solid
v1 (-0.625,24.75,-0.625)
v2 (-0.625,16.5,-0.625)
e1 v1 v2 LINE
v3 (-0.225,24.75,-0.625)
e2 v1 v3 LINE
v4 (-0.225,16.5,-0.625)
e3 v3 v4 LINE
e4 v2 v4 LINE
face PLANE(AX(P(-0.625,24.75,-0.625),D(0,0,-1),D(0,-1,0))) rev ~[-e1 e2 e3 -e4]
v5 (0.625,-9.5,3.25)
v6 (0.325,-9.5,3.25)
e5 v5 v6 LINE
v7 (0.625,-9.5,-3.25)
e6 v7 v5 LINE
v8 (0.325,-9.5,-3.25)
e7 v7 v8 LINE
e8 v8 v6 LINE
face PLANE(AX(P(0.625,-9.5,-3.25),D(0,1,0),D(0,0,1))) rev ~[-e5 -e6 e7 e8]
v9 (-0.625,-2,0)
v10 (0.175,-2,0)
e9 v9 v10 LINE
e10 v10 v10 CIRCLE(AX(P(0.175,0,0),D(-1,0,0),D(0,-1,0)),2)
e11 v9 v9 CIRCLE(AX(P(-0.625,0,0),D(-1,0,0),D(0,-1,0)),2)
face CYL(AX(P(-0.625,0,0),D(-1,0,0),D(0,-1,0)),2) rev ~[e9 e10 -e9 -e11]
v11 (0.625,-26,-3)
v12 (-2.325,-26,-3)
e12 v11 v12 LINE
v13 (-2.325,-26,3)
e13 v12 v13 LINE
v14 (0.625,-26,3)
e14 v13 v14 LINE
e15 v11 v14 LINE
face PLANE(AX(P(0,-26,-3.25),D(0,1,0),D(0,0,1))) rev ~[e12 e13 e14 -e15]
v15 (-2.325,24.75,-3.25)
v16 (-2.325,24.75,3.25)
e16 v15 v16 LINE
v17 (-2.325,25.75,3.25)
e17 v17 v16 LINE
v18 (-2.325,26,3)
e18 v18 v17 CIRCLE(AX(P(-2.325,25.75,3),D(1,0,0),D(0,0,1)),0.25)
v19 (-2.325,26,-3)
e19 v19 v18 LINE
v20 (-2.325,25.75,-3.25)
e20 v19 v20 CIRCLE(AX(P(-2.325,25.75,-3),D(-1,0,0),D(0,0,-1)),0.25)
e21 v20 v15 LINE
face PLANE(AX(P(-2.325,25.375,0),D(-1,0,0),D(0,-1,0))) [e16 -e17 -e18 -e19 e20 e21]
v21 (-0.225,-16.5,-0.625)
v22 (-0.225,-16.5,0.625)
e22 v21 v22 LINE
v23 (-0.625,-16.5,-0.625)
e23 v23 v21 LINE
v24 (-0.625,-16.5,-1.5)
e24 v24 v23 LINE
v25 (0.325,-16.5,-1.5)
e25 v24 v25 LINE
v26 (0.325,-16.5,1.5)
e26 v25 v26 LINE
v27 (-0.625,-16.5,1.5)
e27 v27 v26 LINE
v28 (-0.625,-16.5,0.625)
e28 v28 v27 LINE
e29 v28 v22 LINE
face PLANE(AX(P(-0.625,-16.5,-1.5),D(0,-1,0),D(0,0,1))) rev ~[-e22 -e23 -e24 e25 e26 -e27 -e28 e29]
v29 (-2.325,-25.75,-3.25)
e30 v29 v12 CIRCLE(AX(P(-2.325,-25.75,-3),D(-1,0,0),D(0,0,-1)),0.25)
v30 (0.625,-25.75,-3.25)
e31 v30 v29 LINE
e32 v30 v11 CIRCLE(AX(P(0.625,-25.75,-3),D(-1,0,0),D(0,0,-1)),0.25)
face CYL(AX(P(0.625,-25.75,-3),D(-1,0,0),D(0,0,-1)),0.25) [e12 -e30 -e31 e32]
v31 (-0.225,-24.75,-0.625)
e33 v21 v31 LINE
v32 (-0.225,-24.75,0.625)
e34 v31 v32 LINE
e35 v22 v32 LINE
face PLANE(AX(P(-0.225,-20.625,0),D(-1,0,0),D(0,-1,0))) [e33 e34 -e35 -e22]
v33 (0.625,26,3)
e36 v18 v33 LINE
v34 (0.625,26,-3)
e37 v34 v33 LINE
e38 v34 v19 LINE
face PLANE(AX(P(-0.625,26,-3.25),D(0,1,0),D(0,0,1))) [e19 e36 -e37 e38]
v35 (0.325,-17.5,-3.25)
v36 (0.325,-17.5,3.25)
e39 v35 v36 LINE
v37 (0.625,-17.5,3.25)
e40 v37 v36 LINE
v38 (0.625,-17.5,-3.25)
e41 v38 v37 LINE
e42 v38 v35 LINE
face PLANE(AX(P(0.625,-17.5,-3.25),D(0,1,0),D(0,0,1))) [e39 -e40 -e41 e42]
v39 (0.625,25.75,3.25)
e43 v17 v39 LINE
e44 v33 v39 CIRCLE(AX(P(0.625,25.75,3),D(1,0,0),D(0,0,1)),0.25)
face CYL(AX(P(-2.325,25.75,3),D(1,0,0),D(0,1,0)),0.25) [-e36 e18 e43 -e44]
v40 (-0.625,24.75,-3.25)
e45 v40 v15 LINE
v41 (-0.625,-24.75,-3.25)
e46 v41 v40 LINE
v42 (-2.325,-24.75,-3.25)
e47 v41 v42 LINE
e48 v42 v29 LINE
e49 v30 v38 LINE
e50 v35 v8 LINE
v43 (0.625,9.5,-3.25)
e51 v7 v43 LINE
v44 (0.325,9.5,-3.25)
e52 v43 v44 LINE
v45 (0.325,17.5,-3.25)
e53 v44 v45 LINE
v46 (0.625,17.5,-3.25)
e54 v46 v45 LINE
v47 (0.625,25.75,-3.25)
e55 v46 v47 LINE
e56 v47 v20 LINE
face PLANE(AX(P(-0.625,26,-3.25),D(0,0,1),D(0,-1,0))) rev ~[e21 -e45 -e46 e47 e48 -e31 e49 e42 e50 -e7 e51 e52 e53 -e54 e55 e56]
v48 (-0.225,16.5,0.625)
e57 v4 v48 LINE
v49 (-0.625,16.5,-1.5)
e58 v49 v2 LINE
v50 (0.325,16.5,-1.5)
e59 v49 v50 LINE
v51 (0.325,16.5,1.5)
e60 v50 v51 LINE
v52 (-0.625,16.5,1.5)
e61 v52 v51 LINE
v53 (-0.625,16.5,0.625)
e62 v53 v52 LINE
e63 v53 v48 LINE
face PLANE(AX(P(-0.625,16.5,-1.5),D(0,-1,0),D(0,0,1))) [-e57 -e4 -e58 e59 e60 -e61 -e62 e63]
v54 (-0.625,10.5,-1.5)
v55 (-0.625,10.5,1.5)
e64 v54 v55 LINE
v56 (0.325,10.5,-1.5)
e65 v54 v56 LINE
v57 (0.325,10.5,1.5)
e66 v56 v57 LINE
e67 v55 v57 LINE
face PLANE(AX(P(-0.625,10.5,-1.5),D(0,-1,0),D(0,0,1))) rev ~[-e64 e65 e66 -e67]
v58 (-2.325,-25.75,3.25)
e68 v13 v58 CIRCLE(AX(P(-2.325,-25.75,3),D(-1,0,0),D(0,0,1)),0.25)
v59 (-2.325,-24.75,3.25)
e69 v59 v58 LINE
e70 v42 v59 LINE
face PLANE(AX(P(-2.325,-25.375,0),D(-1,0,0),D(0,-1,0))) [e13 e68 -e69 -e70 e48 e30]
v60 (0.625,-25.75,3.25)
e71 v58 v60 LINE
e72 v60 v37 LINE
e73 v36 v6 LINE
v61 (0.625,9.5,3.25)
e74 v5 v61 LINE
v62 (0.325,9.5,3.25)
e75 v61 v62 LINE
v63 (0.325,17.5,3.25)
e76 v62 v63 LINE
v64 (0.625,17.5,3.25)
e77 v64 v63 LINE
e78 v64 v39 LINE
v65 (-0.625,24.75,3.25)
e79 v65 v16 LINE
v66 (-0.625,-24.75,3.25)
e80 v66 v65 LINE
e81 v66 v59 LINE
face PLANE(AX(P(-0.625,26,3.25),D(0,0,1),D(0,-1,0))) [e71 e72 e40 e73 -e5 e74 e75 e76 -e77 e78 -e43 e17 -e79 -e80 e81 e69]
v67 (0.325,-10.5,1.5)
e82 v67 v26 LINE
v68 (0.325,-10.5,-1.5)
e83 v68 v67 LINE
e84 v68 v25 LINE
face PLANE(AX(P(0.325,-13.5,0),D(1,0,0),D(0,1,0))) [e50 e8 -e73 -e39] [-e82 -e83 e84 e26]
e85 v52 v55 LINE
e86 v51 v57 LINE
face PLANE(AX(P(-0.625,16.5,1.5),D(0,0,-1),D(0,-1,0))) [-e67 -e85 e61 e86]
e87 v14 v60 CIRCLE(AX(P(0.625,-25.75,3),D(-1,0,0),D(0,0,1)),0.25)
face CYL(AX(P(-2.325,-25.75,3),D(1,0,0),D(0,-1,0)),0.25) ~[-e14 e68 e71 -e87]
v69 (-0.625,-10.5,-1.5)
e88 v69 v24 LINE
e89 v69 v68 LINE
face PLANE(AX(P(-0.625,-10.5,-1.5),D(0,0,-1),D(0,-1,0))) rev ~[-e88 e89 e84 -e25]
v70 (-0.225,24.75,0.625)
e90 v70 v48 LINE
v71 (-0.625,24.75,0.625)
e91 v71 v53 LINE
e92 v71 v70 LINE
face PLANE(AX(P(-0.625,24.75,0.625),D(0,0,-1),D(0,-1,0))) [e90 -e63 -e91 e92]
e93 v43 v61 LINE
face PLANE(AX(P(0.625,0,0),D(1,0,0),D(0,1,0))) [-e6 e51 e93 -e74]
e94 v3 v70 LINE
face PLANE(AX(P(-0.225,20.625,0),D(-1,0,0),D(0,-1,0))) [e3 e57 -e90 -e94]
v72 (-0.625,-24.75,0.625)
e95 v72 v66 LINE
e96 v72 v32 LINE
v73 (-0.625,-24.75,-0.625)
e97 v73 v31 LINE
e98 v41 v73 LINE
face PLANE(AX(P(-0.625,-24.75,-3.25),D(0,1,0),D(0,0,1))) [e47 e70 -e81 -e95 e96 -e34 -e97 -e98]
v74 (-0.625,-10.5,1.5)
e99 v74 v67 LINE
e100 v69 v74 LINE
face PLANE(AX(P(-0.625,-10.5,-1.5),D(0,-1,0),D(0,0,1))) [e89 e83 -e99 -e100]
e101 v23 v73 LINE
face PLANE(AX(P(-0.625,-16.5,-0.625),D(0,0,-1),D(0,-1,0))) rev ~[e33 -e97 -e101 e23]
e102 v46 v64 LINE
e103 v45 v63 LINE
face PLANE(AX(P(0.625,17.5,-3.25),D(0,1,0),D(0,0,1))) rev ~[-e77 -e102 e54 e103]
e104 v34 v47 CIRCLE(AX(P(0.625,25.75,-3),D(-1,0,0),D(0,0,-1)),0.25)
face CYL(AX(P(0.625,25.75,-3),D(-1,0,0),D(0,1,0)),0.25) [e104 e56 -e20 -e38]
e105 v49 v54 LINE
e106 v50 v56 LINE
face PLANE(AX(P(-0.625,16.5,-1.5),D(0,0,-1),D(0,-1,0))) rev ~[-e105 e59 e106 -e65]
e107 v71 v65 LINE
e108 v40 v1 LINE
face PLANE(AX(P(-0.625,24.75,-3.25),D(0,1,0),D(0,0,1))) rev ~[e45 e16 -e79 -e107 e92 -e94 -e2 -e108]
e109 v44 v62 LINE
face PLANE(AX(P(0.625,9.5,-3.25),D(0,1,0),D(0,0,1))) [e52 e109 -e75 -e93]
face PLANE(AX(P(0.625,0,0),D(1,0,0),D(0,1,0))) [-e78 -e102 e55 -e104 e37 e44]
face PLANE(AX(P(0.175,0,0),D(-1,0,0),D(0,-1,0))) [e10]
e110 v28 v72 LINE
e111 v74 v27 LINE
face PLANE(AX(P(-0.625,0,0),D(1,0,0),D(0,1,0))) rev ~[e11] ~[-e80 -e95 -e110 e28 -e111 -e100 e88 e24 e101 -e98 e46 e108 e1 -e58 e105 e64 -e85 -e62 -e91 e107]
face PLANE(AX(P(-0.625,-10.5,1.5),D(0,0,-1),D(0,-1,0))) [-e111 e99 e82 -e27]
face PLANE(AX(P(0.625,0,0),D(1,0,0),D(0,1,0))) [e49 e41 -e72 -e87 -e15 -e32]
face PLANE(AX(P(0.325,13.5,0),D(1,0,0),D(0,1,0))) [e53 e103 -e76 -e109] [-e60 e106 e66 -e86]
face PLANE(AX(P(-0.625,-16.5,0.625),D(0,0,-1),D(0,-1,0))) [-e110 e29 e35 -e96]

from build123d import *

# Parameters (mm, degrees)
F0_W      = 52
F0_H      = 6.5
F1_DEPTH  = 0.625
F2_W      = 1.25
F2_H      = 6.5
F3_DEPTH  = 1.7
F4_R      = 0.25
F5_R      = 2
F6_DEPTH  = 0.8
F7_W      = 8
F7_H      = 6.5
F8_DEPTH  = 0.3
F9_W      = 6
F9_H      = 3
F10_DEPTH = 0.95
F11_W     = 8.25
F11_H     = 1.25
F12_DEPTH = 0.4


with BuildPart() as f1:
    # F0 (on Right) → F1 (new body, symmetric)
    with BuildSketch(Plane.YZ):
        Rectangle(F0_W, F0_H)
    extrude(amount=F1_DEPTH, both=True)

    # F2 (on face) → F3 (join)
    with BuildSketch(Plane(origin=(-0.625, 0, 0), x_dir=(0, -1, 0), z_dir=(-1, 0, 0))):
        with Locations((-25.375, 0)):
            Rectangle(F2_W, F2_H)
        with Locations((25.375, 0)):
            Rectangle(F2_W, F2_H)
    extrude(amount=F3_DEPTH)

    # F4
    f4_edges = [f1.edges().sort_by_distance(p)[0] for p in [
        (-0.85, -26, 3.25),
        (-0.85, -26, -3.25),
        (-0.85, 26, 3.25),
        (-0.85, 26, -3.25),
    ]]
    fillet(f4_edges, radius=F4_R)

    # F5 (on face) → F6 (cut)
    with BuildSketch(Plane(origin=(-0.625, 0, 0), x_dir=(0, -1, 0), z_dir=(-1, 0, 0))):
        Circle(F5_R)
    extrude(amount=-F6_DEPTH, mode=Mode.SUBTRACT)

    # F7 (on face) → F8 (cut)
    with BuildSketch(Plane.YZ.offset(0.625)):
        with Locations((-13.5, 0)):
            Rectangle(F7_W, F7_H)
        with Locations((13.5, 0)):
            Rectangle(F7_W, F7_H)
    extrude(amount=-F8_DEPTH, mode=Mode.SUBTRACT)

    # F9 (on face) → F10 (cut, through all)
    with BuildSketch(Plane(origin=(-0.625, 0, 0), x_dir=(0, -1, 0), z_dir=(-1, 0, 0))):
        with Locations((13.5, 0)):
            Rectangle(F9_W, F9_H)
        with Locations((-13.5, 0)):
            Rectangle(F9_W, F9_H)
    extrude(amount=-F10_DEPTH, mode=Mode.SUBTRACT)

    # F11 (on face) → F12 (cut)
    with BuildSketch(Plane(origin=(-0.625, 0, 0), x_dir=(0, -1, 0), z_dir=(-1, 0, 0))):
        with Locations((-20.625, 0)):
            Rectangle(F11_W, F11_H)
        with Locations((20.625, 0)):
            Rectangle(F11_W, F11_H)
    extrude(amount=-F12_DEPTH, mode=Mode.SUBTRACT)


solid = f1.part
